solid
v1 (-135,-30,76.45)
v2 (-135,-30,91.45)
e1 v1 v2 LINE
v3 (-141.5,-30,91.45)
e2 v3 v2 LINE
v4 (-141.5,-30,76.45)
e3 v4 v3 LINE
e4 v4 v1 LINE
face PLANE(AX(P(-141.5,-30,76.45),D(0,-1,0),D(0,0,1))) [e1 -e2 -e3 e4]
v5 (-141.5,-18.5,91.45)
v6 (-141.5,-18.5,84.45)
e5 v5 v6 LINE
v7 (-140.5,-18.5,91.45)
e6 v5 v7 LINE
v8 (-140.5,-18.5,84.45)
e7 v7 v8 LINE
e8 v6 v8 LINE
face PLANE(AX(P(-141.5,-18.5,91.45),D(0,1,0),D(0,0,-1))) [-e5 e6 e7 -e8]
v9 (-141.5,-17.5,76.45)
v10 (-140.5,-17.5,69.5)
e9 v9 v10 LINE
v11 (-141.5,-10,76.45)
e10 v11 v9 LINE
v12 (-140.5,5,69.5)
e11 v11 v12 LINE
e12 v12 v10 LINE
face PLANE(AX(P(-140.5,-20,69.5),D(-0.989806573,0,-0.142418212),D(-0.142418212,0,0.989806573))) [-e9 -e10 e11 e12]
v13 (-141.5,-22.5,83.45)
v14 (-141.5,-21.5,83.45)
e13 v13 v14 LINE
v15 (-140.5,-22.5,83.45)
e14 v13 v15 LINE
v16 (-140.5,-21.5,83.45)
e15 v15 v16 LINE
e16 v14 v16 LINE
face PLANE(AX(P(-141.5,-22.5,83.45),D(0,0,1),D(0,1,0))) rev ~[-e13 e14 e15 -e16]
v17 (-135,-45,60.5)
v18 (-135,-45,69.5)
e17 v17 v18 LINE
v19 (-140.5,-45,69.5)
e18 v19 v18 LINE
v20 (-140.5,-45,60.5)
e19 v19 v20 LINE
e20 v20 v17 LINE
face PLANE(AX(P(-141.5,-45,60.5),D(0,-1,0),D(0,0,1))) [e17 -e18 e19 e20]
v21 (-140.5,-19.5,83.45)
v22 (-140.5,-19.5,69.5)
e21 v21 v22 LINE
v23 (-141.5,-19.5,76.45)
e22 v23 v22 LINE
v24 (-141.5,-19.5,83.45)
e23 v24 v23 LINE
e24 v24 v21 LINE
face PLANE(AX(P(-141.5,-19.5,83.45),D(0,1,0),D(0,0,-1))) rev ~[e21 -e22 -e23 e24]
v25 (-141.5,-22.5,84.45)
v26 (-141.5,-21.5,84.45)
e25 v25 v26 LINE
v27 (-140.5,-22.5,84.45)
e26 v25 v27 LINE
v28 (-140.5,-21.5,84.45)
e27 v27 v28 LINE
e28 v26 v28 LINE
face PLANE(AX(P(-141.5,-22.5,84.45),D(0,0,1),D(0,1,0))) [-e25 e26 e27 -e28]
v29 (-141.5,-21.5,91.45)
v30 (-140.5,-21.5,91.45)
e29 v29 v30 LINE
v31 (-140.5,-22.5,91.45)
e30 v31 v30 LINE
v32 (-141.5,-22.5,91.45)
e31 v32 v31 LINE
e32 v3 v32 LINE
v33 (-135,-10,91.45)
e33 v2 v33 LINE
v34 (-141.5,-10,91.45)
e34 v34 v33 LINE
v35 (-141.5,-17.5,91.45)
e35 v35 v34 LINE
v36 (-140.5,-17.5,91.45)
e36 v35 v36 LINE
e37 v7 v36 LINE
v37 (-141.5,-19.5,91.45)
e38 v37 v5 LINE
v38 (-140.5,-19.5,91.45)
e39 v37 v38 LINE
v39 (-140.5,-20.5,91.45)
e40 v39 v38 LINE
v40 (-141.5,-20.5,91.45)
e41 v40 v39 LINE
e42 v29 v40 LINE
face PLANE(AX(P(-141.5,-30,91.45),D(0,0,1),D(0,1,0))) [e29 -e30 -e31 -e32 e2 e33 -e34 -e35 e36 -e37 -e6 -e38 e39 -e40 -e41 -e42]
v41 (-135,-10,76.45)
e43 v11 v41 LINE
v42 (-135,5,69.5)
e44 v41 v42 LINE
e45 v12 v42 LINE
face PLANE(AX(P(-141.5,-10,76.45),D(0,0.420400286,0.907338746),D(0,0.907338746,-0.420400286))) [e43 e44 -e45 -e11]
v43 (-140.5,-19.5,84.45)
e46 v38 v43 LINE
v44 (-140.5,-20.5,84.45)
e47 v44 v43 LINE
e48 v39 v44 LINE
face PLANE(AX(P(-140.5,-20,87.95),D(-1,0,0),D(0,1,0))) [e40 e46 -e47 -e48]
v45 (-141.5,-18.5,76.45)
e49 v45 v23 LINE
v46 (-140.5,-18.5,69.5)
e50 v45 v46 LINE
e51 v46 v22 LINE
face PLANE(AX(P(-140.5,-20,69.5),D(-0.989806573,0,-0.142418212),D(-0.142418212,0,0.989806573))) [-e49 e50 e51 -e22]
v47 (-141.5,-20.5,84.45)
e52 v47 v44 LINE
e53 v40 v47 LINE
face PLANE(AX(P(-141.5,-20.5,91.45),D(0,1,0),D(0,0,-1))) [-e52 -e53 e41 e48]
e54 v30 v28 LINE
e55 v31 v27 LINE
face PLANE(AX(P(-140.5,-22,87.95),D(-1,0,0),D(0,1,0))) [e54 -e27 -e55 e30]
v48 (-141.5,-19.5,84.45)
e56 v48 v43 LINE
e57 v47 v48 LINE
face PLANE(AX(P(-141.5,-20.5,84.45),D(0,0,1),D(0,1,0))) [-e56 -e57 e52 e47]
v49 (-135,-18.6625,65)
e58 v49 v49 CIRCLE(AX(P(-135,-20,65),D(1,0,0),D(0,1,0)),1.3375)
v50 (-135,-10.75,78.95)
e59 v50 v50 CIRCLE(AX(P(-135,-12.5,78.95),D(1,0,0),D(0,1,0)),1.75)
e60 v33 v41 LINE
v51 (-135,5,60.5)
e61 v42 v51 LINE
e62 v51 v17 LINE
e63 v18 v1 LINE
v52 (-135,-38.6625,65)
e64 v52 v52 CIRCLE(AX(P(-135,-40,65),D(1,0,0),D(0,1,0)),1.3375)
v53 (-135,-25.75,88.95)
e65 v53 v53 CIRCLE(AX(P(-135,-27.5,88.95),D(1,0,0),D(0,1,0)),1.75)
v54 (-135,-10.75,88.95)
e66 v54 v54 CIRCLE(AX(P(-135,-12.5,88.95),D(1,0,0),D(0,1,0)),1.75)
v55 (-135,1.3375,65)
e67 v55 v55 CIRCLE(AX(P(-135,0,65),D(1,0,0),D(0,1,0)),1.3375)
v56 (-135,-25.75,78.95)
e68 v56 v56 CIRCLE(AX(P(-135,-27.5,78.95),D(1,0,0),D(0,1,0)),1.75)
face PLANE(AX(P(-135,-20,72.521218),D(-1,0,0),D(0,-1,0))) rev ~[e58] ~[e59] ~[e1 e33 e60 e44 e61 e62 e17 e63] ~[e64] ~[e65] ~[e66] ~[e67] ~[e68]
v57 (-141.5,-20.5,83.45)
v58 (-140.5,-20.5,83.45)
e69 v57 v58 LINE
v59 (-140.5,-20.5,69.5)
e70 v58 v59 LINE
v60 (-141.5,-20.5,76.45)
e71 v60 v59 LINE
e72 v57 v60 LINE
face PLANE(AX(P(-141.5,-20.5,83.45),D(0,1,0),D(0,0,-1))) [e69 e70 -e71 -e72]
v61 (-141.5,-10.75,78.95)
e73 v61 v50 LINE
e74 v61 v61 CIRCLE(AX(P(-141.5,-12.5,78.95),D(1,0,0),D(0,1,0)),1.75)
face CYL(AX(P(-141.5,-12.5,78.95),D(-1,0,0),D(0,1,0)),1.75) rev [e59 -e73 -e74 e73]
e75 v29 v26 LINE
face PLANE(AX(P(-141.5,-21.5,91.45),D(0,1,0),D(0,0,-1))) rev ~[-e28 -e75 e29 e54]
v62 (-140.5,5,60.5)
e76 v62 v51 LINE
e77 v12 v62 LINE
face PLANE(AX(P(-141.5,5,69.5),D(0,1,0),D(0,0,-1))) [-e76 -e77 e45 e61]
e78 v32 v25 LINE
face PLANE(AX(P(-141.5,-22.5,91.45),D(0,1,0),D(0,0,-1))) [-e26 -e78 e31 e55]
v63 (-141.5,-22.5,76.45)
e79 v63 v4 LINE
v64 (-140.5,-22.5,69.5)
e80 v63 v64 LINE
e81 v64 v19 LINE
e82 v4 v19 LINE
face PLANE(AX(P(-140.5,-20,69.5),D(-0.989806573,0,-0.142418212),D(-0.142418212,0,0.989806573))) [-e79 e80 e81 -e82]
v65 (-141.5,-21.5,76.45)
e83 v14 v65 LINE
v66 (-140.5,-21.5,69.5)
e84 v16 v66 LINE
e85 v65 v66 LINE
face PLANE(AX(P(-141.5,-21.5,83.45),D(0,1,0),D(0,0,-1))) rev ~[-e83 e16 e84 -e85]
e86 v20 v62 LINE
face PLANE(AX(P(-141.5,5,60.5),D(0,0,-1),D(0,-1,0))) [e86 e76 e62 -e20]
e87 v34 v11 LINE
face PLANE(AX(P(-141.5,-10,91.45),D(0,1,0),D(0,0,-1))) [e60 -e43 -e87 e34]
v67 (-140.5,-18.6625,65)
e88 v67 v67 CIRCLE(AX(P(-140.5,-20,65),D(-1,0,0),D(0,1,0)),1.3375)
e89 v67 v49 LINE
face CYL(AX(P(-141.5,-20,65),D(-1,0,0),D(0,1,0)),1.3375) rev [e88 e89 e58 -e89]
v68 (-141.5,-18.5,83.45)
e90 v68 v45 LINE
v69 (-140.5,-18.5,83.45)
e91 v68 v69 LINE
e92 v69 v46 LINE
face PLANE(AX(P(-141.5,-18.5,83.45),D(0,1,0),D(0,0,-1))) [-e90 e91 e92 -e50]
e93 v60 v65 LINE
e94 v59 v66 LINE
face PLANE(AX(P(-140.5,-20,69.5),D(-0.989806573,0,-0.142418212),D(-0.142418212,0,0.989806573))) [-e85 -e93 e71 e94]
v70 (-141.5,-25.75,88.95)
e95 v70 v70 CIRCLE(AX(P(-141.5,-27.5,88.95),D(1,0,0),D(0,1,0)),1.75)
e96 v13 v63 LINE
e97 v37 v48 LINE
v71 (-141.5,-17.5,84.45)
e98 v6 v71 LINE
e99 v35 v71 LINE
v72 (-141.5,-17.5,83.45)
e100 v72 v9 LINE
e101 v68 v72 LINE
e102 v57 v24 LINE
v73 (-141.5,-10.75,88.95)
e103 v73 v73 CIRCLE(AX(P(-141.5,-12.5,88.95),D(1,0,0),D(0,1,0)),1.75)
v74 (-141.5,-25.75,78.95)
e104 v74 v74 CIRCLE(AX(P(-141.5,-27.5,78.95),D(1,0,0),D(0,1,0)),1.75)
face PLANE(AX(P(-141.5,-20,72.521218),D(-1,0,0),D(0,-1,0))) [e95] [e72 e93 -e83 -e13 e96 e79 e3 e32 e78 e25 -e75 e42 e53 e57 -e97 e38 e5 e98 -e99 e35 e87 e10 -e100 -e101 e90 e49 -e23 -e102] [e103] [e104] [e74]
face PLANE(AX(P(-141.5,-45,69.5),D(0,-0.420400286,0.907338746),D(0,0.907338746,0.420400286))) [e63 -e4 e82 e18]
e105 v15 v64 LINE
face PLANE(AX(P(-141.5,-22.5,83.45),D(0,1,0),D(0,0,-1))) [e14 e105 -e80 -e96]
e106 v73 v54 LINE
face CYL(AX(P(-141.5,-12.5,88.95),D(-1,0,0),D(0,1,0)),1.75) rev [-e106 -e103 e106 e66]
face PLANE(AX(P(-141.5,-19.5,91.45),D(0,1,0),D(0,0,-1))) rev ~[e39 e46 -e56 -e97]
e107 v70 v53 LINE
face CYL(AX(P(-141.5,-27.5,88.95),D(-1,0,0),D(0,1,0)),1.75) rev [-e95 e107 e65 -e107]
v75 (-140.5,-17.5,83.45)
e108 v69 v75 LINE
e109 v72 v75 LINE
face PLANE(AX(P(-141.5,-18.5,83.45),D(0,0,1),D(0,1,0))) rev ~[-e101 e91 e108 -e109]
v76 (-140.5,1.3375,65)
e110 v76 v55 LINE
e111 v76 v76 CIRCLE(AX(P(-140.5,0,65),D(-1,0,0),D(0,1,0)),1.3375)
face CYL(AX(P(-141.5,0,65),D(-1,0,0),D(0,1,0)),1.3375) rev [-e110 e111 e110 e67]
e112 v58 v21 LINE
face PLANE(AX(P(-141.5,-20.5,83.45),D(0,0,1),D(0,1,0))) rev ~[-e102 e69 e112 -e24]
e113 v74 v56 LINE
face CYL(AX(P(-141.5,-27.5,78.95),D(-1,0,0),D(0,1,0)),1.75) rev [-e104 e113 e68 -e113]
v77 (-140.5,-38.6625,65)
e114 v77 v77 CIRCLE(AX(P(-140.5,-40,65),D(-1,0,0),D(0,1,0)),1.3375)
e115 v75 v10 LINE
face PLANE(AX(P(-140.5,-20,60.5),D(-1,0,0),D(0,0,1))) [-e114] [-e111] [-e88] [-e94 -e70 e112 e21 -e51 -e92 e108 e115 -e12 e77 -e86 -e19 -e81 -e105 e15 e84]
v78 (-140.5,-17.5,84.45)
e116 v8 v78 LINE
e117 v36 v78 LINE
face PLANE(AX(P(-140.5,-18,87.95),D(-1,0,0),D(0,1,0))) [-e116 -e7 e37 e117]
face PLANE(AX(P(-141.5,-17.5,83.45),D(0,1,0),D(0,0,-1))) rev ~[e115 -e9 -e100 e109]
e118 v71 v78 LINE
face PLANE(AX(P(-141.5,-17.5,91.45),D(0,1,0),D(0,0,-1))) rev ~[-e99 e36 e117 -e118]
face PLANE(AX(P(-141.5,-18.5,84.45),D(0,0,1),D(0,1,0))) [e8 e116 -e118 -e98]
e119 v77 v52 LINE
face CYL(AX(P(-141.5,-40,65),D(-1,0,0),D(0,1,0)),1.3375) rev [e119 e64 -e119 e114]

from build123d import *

# Parameters (mm, degrees)
SKETCH047_R          = 1.75
SKETCH047_R_2        = 1.3375
PAD025_DEPTH         = 6.5
POCKET021_DEPTH      = 25.001
POCKET021_DEPTH_BACK = 25.001
SKETCH056_W          = 1
SKETCH056_H          = 22.95
SKETCH056_H_2        = 7
POCKET025_DEPTH      = 1


with BuildPart() as part:
    # Sketch047 → Pad025 (new body)
    with BuildSketch(Plane.YZ):
        Polygon((-10, 30.95), (10, 30.95), (10, 15.95), (25, 9), (25, 0), (-25, 0), (-25, 9), (-10, 15.95), align=None)
        with Locations((-7.5, 28.45)):
            Circle(SKETCH047_R, mode=Mode.SUBTRACT)
        with Locations((7.5, 28.45)):
            Circle(SKETCH047_R, mode=Mode.SUBTRACT)
        with Locations((7.5, 18.45)):
            Circle(SKETCH047_R, mode=Mode.SUBTRACT)
        with Locations((-7.5, 18.45)):
            Circle(SKETCH047_R, mode=Mode.SUBTRACT)
        with Locations((-20, 4.5)):
            Circle(SKETCH047_R_2, mode=Mode.SUBTRACT)
        with Locations((0, 4.5)):
            Circle(SKETCH047_R_2, mode=Mode.SUBTRACT)
        with Locations((20, 4.5)):
            Circle(SKETCH047_R_2, mode=Mode.SUBTRACT)
    extrude(amount=PAD025_DEPTH)

    # Sketch048 → Pocket021 (cut, two sides)
    with BuildSketch(Plane.XZ) as pocket021_sk:
        Polygon((0, 15.95), (0, 0), (1, 0), (1, 9), align=None)
    extrude(amount=-POCKET021_DEPTH, mode=Mode.SUBTRACT)
    extrude(pocket021_sk.sketch, amount=POCKET021_DEPTH_BACK, mode=Mode.SUBTRACT)

    # Sketch056 (on Face4 of Pocket021) → Pocket025 (cut)
    with BuildSketch(Plane(origin=(0, 0, 0), x_dir=(0, 1, 0), z_dir=(-1, 0, 0))):
        with Locations((0, -11.475)):
            Rectangle(SKETCH056_W, SKETCH056_H)
        with Locations((0, -27.45)):
            Rectangle(SKETCH056_W, SKETCH056_H_2)
        with Locations((-2, -11.475)):
            Rectangle(SKETCH056_W, SKETCH056_H)
        with Locations((-2, -27.45)):
            Rectangle(SKETCH056_W, SKETCH056_H_2)
        with Locations((2, -11.475)):
            Rectangle(SKETCH056_W, SKETCH056_H)
        with Locations((2, -27.45)):
            Rectangle(SKETCH056_W, SKETCH056_H_2)
    extrude(amount=-POCKET025_DEPTH, mode=Mode.SUBTRACT)


with BuildPart() as part_1:
    # Body011 placement: moved
    add(part.part.moved(Location((-141.5, -20, 60.5))))


solid = part_1.part
